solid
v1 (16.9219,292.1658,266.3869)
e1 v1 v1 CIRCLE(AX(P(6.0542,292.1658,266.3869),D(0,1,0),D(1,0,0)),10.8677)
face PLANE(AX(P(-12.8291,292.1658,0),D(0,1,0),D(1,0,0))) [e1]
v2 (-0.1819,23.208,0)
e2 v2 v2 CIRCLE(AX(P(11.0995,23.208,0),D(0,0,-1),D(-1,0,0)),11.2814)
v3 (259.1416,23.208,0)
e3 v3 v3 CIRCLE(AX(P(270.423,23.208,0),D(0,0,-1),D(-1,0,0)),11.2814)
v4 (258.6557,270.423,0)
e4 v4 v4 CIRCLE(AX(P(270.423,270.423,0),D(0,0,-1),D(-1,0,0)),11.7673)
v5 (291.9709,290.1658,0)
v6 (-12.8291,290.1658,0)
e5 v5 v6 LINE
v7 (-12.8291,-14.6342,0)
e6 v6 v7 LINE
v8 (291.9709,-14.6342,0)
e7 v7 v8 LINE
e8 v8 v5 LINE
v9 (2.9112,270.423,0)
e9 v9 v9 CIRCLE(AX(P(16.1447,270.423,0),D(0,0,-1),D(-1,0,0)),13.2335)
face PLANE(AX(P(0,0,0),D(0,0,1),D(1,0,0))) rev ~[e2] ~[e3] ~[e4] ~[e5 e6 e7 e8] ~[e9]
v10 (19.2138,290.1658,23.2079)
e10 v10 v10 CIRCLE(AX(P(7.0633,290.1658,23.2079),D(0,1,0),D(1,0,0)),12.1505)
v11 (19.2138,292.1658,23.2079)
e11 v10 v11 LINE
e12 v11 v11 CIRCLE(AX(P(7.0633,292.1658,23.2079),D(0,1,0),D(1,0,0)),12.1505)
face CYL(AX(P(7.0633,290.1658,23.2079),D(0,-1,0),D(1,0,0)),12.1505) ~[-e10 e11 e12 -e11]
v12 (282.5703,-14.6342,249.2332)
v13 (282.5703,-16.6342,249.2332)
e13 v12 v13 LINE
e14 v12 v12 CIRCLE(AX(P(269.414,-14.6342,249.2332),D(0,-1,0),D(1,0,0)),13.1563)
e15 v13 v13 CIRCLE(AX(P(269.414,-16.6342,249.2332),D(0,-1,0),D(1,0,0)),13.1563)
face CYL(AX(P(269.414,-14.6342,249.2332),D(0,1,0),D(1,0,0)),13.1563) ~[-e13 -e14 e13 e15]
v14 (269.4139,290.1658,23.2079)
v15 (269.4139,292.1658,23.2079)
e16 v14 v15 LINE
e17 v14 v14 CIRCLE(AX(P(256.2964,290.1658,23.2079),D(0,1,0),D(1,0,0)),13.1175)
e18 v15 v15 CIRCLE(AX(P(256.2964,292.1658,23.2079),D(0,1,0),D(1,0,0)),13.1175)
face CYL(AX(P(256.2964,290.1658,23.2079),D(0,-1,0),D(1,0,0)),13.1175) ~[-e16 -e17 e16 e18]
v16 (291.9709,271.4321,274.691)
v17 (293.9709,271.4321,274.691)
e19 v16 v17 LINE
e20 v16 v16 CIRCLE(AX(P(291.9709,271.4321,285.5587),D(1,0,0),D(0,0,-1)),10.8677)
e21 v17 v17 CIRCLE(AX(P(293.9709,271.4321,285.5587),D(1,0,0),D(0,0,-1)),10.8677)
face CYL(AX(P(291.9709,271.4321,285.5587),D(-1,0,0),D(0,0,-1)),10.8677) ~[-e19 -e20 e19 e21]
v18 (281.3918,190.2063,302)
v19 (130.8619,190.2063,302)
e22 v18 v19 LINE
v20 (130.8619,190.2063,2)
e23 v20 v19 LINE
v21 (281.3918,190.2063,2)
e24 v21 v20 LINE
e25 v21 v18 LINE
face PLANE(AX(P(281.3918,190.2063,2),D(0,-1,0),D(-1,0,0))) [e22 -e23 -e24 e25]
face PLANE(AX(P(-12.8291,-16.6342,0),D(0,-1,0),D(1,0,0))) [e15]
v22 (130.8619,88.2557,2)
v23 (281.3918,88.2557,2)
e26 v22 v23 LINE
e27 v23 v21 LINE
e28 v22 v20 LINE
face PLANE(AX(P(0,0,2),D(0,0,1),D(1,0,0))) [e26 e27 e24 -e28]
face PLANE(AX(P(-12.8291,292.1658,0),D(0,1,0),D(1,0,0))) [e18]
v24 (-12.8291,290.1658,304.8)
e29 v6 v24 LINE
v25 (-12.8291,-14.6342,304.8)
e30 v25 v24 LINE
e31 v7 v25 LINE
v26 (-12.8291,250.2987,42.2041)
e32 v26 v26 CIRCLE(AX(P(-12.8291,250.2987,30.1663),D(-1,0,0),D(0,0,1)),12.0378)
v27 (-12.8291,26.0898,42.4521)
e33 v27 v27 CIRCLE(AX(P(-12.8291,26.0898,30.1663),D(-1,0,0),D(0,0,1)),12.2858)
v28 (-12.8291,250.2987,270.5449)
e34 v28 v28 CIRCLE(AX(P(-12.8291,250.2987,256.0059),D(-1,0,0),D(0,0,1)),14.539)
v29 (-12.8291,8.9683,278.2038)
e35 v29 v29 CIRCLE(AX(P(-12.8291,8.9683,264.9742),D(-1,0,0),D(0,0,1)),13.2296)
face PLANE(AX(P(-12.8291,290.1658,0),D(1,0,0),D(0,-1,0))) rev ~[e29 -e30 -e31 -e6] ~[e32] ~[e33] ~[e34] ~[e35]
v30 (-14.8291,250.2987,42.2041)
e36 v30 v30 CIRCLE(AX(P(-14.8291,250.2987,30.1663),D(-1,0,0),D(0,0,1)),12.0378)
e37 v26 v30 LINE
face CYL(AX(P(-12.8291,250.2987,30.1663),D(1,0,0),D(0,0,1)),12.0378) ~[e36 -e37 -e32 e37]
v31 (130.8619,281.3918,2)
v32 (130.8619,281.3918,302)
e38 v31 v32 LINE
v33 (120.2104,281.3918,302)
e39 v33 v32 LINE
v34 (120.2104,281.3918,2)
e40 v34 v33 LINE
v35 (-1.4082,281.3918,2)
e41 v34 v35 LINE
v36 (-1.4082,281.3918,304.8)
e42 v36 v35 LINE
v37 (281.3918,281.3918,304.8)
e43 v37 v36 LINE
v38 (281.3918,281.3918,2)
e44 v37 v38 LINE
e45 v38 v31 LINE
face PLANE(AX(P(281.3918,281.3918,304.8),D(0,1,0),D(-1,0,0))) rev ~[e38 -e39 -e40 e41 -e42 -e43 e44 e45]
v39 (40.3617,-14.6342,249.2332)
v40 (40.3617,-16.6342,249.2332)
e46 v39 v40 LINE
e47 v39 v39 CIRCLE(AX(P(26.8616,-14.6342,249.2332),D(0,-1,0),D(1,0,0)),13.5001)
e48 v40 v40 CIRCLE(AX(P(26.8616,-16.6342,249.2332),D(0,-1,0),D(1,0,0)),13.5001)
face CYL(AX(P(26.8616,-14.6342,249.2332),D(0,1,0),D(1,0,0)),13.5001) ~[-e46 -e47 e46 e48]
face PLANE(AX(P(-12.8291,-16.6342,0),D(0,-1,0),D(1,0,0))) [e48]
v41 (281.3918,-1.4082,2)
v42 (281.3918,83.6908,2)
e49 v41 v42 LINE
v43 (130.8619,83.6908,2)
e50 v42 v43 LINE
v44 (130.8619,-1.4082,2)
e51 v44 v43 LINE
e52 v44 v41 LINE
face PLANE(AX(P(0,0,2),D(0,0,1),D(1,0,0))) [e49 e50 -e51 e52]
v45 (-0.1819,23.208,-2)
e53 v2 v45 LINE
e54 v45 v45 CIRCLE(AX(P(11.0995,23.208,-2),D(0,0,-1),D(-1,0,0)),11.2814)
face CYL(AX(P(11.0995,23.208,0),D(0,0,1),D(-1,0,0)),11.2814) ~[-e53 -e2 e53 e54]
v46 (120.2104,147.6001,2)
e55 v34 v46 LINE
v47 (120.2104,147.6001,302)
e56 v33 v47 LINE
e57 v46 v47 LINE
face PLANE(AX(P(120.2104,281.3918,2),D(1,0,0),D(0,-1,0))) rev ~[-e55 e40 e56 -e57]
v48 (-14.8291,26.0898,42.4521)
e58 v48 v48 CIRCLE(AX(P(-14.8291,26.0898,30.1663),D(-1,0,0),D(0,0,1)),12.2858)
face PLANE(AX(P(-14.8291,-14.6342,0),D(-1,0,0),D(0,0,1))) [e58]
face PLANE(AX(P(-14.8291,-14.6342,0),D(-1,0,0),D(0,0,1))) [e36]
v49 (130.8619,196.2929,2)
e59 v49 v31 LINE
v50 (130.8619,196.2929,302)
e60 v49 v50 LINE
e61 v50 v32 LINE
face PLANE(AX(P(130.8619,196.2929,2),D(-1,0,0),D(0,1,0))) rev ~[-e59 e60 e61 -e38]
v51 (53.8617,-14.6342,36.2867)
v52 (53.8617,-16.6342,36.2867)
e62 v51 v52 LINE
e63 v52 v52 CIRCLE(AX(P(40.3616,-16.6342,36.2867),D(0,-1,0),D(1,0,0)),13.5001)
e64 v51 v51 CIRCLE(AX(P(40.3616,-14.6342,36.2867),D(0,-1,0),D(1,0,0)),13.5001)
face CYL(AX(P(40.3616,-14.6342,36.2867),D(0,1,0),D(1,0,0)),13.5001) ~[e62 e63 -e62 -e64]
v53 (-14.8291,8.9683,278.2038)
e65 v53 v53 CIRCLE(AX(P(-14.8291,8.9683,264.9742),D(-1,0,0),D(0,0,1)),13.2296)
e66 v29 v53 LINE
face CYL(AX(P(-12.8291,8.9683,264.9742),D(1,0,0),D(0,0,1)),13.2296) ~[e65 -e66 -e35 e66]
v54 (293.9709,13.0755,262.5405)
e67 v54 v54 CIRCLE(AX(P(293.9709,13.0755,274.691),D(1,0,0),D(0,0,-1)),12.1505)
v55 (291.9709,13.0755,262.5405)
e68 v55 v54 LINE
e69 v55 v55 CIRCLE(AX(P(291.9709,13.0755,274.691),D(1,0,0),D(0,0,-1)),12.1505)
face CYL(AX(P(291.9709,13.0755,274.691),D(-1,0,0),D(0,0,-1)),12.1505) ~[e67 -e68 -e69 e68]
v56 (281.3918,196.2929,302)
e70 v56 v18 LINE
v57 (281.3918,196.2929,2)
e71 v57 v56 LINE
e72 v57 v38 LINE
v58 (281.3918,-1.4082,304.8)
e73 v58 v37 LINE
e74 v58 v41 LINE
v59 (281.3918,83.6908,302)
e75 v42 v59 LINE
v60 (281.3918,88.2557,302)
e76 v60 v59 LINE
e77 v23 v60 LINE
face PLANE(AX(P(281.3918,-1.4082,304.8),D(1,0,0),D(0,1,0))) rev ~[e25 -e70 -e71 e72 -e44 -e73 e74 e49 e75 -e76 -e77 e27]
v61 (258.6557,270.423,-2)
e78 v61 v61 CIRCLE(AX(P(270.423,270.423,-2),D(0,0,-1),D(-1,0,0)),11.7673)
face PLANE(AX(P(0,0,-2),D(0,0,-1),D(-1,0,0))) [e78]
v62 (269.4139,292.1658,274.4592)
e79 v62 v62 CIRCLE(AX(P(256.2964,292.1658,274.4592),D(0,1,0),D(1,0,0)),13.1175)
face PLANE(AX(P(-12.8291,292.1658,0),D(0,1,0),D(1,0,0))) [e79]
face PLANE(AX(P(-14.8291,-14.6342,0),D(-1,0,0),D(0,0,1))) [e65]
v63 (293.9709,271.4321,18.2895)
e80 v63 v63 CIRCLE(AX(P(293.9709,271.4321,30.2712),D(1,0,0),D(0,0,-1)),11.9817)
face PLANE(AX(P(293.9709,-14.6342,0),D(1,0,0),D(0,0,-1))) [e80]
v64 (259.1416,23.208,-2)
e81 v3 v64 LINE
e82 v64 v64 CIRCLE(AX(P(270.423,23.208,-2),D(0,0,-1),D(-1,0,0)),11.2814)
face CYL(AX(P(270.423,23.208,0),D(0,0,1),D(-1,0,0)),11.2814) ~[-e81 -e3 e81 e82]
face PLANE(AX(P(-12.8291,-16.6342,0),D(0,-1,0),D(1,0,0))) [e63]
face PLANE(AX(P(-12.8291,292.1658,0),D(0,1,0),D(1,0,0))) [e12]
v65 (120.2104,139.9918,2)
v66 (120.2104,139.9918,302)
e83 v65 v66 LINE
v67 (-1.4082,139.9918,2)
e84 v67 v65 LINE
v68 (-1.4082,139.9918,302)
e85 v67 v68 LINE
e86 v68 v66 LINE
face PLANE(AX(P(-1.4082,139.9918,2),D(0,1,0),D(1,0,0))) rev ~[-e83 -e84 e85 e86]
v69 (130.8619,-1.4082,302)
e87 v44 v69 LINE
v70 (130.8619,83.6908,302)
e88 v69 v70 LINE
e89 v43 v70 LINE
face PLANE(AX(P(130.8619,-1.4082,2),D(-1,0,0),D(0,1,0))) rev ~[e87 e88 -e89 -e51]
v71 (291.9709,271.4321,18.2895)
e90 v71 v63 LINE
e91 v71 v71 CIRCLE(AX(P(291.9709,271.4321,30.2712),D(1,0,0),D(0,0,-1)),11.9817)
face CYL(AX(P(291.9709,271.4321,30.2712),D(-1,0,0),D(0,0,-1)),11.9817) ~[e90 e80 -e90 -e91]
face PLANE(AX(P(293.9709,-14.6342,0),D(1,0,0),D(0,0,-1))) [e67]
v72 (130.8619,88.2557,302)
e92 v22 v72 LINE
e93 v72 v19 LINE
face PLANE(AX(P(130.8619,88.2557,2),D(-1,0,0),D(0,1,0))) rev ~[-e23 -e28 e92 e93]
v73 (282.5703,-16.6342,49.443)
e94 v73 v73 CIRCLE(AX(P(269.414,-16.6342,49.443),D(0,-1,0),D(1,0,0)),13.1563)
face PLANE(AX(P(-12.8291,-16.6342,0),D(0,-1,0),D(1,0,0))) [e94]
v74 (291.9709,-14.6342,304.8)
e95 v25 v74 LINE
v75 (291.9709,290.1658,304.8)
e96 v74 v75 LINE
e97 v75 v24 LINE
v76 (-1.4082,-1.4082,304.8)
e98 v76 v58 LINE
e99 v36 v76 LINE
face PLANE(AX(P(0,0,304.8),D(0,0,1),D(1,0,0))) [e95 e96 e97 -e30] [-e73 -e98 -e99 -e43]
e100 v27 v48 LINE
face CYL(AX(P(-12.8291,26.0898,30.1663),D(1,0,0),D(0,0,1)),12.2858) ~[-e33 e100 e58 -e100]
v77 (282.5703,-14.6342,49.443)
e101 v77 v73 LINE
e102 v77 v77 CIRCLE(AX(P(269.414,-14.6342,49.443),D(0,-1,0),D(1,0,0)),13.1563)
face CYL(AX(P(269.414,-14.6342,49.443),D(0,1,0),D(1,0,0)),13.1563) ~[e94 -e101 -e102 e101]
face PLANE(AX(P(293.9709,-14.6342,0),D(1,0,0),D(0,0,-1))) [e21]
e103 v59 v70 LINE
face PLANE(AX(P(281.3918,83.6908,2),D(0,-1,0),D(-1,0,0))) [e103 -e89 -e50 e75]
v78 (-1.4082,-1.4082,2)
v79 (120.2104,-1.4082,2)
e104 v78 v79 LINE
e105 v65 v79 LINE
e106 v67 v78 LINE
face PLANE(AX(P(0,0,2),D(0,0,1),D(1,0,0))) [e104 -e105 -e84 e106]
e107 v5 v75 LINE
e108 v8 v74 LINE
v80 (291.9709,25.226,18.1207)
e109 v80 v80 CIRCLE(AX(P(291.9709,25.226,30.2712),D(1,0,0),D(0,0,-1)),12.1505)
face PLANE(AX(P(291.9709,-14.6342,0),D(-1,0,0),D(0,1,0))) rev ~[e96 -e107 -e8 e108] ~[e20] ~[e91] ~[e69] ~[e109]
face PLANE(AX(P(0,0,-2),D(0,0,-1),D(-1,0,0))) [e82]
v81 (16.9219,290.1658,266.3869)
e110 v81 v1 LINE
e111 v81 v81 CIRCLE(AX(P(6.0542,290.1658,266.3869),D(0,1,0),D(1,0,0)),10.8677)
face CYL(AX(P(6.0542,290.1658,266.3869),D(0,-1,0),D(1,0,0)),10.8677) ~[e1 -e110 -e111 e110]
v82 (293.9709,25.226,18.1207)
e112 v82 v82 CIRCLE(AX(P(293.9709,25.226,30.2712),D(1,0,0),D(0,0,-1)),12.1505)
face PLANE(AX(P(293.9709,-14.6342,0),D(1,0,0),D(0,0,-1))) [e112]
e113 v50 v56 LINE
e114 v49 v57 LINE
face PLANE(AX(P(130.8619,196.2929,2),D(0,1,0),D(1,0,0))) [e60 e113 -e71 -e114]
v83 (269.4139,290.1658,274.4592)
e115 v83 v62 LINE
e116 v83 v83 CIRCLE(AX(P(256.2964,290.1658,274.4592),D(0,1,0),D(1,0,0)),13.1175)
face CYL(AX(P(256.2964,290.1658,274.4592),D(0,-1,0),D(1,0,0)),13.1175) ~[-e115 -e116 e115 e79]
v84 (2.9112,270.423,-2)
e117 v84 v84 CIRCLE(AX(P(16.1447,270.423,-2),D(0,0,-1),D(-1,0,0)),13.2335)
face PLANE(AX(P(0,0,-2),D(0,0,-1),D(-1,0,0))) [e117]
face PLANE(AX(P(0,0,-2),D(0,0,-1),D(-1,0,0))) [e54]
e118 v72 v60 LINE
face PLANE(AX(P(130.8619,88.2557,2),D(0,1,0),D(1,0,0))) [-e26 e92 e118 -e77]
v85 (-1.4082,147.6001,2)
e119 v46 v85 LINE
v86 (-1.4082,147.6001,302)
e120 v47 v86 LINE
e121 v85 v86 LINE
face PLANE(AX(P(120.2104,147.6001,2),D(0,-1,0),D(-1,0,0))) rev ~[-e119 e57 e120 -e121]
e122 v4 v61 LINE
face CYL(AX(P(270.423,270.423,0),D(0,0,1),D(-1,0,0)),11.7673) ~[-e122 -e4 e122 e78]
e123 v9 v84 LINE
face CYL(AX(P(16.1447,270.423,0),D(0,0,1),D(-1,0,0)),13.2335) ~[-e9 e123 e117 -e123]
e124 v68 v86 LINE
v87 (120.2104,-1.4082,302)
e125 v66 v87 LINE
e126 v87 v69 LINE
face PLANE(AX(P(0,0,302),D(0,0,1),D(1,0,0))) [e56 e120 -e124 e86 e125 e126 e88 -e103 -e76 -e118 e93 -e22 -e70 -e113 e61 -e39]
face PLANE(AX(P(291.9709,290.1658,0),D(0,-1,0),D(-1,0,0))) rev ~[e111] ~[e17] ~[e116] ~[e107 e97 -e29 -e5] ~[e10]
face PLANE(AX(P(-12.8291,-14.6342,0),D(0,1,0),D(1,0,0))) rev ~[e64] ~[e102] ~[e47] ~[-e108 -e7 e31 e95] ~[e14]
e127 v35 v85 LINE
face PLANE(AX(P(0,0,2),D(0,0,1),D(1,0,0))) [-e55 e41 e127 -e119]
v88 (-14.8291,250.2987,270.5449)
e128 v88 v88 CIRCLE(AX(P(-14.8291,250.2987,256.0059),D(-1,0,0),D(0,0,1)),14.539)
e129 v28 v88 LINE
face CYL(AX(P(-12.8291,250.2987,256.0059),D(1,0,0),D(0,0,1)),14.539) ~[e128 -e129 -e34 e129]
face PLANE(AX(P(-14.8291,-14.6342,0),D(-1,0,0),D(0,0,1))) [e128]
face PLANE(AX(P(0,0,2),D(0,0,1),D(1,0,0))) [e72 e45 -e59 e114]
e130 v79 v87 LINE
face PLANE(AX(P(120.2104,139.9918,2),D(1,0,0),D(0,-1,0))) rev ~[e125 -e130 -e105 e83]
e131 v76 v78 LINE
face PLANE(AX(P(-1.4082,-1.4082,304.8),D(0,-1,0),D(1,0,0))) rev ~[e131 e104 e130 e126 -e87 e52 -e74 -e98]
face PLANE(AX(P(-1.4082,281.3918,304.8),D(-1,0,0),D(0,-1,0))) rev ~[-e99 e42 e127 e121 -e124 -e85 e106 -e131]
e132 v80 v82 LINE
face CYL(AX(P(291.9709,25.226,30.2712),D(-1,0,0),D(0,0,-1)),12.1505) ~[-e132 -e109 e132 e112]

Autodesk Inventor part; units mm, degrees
ref_plane "YZ Plane" through (0, 0, 0) normal (1, 0, 0) x (0, 1, 0)
ref_plane "XZ Plane" through (0, 0, 0) normal (0, 1, 0) x (-1, 0, 0)
ref_plane "XY Plane" through (0, 0, 0) normal (0, 0, 1) x (1, 0, 0)
sketch "Sketch1" plane through (0, 0, 0) normal (0, 0, 1) x (1, 0, 0)
  point P0 (0, 0)
sketch "Sketch2" plane through (0, 0, 0) normal (0, 0, 1) x (1, 0, 0)
  line L0 (-12.8291, 6.9625) -> (-12.8291, -14.6342)
  line L1 (-12.8291, -14.6342) -> (291.9709, -14.6342)
  line L2 (291.9709, -14.6342) -> (291.9709, 290.1658)
  line L3 (291.9709, 290.1658) -> (-12.8291, 290.1658)
  line L4 (-12.8291, 290.1658) -> (-12.8291, -14.6342)
  point P0 (0, 0)
  dimension "d0" = 304.8
  dimension "d1" = 304.8
  dimension "d2" = 304.8
  dimension "d3" = 304.8
extrude "Extrusion1" add sketch "Sketch2" along normal blind 304.8
sketch "Sketch3" plane through (0, 0, 304.8) normal (0, 0, 1) x (1, 0, 0)
  line L0 (-1.4082, -1.4082) -> (281.3918, -1.4082)
  line L1 (281.3918, -1.4082) -> (281.3918, 281.3918)
  line L2 (281.3918, 281.3918) -> (-1.4082, 281.3918)
  line L3 (-1.4082, 281.3918) -> (-1.4082, -1.4082)
  line L4 (-1.4082, -1.4082) -> (281.3918, 281.3918) construction
  line L5 (281.3918, -1.4082) -> (-1.4082, 281.3918) construction
  point P0 (0, 0)
  point P1 (139.9918, 139.9918)
  dimension "d8" = 282.8
  dimension "d9" = 282.8
extrude "Extrusion2" cut sketch "Sketch3" against normal blind 302.8
sketch "Sketch4" plane through (0, 0, 2) normal (0, 0, 1) x (1, 0, 0)
  line L0 (-1.4082, 281.3918) -> (281.3918, 281.3918) projected
  line L1 (120.2104, 281.3918) -> (120.2104, -1.4082)
  line L2 (120.2104, -1.4082) -> (130.8619, -1.4082)
  line L3 (281.3918, -1.4082) -> (-1.4082, -1.4082) projected
  line L4 (130.8619, -1.4082) -> (130.8619, 281.3918)
  line L5 (130.8619, 281.3918) -> (120.2104, 281.3918)
  line L6 (281.3918, 281.3918) -> (281.3918, -1.4082) projected
  line L7 (130.8619, 196.2929) -> (281.3918, 196.2929)
  line L8 (281.3918, 196.2929) -> (281.3918, 190.2063)
  line L9 (281.3918, 190.2063) -> (130.8619, 190.2063)
  line L10 (130.8619, 190.2063) -> (130.8619, 196.2929)
  line L11 (130.8619, 88.2557) -> (281.3918, 88.2557)
  line L12 (281.3918, 88.2557) -> (281.3918, 83.6908)
  line L13 (281.3918, 83.6908) -> (130.8619, 83.6908)
  line L14 (130.8619, 83.6908) -> (130.8619, 88.2557)
  line L15 (-1.4082, -1.4082) -> (-1.4082, 281.3918) projected
  line L16 (-1.4082, 139.9918) -> (120.2104, 139.9918)
  line L17 (120.2104, 139.9918) -> (120.2104, 147.6001)
  line L18 (120.2104, 147.6001) -> (-1.4082, 147.6001)
  line L19 (-1.4082, 147.6001) -> (-1.4082, 139.9918)
  point P0 (0, 0)
  point P1 (-1.4082, 147.6001)
  point P2 (120.2104, 139.9918)
extrude "Extrusion3" add sketch "Sketch4" along normal blind 300 contours L0 L4 L2 L1 | L18 L1 L16 L15 | L7 L6 L9 L4 | L11 L6 L13 L4
sketch "Sketch5" plane through (-1.4082, -1.4082, 304.8) normal (1, 0, 0) x (0, 0, -1)
  line L0 (152.8, 241.4577) -> (224.2375, 241.4577) construction
  line L1 (224.2375, 241.4577) -> (224.2375, 189.864) construction
  line L2 (224.2375, 189.864) -> (152.8, 189.864) construction
  line L3 (152.8, 189.864) -> (152.8, 241.4577) construction
  point P0 (304.8, 1.4082)
sketch "Sketch6" plane through (-1.4082, 281.3918, 304.8) normal (0, -1, 0) x (1, 0, 0)
  line L0 (194.3643, -70.7024) -> (290.2517, -70.7024) construction
  line L1 (290.2517, -70.7024) -> (290.2517, -4.2848) construction
  line L2 (290.2517, -4.2848) -> (194.3643, -4.2848) construction
  line L3 (194.3643, -4.2848) -> (194.3643, -70.7024) construction
  point P0 (1.4082, -304.8)
decal "Decal1"
decal "Decal2"
sketch "Sketch7" plane through (-12.8291, 290.1658, 0) normal (0, 1, 0) x (1, 0, 0)
  circle A0 centre (19.8924, -23.2079) radius 12.1505
  circle A1 centre (269.1255, -23.2079) radius 13.1175
  circle A2 centre (19.8924, -274.4592) radius 7.0633
  circle A3 centre (269.1255, -274.4592) radius 13.1175
  point P0 (12.8291, 0)
sketch "Sketch8" plane through (-12.8291, 290.1658, 0) normal (0, 1, 0) x (1, 0, 0)
  circle A0 centre (18.8833, -266.3869) radius 10.8677
  point P0 (12.8291, 0)
extrude "Extrusion4" add sketch "Sketch8" along normal blind 2
extrude "Extrusion5" add sketch "Sketch7" along normal blind 2 contours A0 | A1 | A3
sketch "Sketch9" plane through (291.9709, -14.6342, 0) normal (1, 0, 0) x (0, 0, -1)
  circle A0 centre (-285.5587, 286.0663) radius 10.8677
  circle A1 centre (-30.2712, 286.0663) radius 11.9817
  circle A2 centre (-30.2712, 39.8602) radius 12.1505
  circle A3 centre (-274.691, 27.7097) radius 12.1505
  point P0 (0, 14.6342)
extrude "Extrusion6" add sketch "Sketch9" along normal blind 2
sketch "Sketch10" plane through (0, 0, 0) normal (0, 0, -1) x (-1, 0, 0)
  circle A0 centre (-270.423, 270.423) radius 11.7673
  circle A1 centre (-16.1447, 270.423) radius 13.2335
  circle A2 centre (-11.0995, 23.208) radius 11.2814
  circle A3 centre (-270.423, 23.208) radius 11.2814
  point P0 (0, 0)
extrude "Extrusion7" add sketch "Sketch10" along normal blind 2
sketch "Sketch11" plane through (-12.8291, -14.6342, 0) normal (0, -1, 0) x (1, 0, 0)
  point P0 (12.8291, 0)
sketch "Sketch12" plane through (-12.8291, -14.6342, 0) normal (0, -1, 0) x (1, 0, 0)
  circle A0 centre (282.2431, 49.443) radius 13.1563
  circle A1 centre (282.2431, 249.2332) radius 13.1563
  circle A2 centre (53.1907, 36.2867) radius 13.5001
  circle A3 centre (39.6907, 249.2332) radius 13.5001
  point P0 (12.8291, 0)
extrude "Extrusion8" add sketch "Sketch12" along normal blind 2
sketch "Sketch13" plane through (-12.8291, -14.6342, 0) normal (-1, 0, 0) x (0, 0, 1)
  circle A0 centre (30.1663, 40.724) radius 12.2858
  circle A1 centre (30.1663, 264.9329) radius 12.0378
  circle A2 centre (256.0059, 264.9329) radius 14.539
  circle A3 centre (264.9742, 23.6025) radius 13.2296
  point P0 (0, 14.6342)
extrude "Extrusion9" add sketch "Sketch13" along normal blind 2
properties part number "locker 2"
